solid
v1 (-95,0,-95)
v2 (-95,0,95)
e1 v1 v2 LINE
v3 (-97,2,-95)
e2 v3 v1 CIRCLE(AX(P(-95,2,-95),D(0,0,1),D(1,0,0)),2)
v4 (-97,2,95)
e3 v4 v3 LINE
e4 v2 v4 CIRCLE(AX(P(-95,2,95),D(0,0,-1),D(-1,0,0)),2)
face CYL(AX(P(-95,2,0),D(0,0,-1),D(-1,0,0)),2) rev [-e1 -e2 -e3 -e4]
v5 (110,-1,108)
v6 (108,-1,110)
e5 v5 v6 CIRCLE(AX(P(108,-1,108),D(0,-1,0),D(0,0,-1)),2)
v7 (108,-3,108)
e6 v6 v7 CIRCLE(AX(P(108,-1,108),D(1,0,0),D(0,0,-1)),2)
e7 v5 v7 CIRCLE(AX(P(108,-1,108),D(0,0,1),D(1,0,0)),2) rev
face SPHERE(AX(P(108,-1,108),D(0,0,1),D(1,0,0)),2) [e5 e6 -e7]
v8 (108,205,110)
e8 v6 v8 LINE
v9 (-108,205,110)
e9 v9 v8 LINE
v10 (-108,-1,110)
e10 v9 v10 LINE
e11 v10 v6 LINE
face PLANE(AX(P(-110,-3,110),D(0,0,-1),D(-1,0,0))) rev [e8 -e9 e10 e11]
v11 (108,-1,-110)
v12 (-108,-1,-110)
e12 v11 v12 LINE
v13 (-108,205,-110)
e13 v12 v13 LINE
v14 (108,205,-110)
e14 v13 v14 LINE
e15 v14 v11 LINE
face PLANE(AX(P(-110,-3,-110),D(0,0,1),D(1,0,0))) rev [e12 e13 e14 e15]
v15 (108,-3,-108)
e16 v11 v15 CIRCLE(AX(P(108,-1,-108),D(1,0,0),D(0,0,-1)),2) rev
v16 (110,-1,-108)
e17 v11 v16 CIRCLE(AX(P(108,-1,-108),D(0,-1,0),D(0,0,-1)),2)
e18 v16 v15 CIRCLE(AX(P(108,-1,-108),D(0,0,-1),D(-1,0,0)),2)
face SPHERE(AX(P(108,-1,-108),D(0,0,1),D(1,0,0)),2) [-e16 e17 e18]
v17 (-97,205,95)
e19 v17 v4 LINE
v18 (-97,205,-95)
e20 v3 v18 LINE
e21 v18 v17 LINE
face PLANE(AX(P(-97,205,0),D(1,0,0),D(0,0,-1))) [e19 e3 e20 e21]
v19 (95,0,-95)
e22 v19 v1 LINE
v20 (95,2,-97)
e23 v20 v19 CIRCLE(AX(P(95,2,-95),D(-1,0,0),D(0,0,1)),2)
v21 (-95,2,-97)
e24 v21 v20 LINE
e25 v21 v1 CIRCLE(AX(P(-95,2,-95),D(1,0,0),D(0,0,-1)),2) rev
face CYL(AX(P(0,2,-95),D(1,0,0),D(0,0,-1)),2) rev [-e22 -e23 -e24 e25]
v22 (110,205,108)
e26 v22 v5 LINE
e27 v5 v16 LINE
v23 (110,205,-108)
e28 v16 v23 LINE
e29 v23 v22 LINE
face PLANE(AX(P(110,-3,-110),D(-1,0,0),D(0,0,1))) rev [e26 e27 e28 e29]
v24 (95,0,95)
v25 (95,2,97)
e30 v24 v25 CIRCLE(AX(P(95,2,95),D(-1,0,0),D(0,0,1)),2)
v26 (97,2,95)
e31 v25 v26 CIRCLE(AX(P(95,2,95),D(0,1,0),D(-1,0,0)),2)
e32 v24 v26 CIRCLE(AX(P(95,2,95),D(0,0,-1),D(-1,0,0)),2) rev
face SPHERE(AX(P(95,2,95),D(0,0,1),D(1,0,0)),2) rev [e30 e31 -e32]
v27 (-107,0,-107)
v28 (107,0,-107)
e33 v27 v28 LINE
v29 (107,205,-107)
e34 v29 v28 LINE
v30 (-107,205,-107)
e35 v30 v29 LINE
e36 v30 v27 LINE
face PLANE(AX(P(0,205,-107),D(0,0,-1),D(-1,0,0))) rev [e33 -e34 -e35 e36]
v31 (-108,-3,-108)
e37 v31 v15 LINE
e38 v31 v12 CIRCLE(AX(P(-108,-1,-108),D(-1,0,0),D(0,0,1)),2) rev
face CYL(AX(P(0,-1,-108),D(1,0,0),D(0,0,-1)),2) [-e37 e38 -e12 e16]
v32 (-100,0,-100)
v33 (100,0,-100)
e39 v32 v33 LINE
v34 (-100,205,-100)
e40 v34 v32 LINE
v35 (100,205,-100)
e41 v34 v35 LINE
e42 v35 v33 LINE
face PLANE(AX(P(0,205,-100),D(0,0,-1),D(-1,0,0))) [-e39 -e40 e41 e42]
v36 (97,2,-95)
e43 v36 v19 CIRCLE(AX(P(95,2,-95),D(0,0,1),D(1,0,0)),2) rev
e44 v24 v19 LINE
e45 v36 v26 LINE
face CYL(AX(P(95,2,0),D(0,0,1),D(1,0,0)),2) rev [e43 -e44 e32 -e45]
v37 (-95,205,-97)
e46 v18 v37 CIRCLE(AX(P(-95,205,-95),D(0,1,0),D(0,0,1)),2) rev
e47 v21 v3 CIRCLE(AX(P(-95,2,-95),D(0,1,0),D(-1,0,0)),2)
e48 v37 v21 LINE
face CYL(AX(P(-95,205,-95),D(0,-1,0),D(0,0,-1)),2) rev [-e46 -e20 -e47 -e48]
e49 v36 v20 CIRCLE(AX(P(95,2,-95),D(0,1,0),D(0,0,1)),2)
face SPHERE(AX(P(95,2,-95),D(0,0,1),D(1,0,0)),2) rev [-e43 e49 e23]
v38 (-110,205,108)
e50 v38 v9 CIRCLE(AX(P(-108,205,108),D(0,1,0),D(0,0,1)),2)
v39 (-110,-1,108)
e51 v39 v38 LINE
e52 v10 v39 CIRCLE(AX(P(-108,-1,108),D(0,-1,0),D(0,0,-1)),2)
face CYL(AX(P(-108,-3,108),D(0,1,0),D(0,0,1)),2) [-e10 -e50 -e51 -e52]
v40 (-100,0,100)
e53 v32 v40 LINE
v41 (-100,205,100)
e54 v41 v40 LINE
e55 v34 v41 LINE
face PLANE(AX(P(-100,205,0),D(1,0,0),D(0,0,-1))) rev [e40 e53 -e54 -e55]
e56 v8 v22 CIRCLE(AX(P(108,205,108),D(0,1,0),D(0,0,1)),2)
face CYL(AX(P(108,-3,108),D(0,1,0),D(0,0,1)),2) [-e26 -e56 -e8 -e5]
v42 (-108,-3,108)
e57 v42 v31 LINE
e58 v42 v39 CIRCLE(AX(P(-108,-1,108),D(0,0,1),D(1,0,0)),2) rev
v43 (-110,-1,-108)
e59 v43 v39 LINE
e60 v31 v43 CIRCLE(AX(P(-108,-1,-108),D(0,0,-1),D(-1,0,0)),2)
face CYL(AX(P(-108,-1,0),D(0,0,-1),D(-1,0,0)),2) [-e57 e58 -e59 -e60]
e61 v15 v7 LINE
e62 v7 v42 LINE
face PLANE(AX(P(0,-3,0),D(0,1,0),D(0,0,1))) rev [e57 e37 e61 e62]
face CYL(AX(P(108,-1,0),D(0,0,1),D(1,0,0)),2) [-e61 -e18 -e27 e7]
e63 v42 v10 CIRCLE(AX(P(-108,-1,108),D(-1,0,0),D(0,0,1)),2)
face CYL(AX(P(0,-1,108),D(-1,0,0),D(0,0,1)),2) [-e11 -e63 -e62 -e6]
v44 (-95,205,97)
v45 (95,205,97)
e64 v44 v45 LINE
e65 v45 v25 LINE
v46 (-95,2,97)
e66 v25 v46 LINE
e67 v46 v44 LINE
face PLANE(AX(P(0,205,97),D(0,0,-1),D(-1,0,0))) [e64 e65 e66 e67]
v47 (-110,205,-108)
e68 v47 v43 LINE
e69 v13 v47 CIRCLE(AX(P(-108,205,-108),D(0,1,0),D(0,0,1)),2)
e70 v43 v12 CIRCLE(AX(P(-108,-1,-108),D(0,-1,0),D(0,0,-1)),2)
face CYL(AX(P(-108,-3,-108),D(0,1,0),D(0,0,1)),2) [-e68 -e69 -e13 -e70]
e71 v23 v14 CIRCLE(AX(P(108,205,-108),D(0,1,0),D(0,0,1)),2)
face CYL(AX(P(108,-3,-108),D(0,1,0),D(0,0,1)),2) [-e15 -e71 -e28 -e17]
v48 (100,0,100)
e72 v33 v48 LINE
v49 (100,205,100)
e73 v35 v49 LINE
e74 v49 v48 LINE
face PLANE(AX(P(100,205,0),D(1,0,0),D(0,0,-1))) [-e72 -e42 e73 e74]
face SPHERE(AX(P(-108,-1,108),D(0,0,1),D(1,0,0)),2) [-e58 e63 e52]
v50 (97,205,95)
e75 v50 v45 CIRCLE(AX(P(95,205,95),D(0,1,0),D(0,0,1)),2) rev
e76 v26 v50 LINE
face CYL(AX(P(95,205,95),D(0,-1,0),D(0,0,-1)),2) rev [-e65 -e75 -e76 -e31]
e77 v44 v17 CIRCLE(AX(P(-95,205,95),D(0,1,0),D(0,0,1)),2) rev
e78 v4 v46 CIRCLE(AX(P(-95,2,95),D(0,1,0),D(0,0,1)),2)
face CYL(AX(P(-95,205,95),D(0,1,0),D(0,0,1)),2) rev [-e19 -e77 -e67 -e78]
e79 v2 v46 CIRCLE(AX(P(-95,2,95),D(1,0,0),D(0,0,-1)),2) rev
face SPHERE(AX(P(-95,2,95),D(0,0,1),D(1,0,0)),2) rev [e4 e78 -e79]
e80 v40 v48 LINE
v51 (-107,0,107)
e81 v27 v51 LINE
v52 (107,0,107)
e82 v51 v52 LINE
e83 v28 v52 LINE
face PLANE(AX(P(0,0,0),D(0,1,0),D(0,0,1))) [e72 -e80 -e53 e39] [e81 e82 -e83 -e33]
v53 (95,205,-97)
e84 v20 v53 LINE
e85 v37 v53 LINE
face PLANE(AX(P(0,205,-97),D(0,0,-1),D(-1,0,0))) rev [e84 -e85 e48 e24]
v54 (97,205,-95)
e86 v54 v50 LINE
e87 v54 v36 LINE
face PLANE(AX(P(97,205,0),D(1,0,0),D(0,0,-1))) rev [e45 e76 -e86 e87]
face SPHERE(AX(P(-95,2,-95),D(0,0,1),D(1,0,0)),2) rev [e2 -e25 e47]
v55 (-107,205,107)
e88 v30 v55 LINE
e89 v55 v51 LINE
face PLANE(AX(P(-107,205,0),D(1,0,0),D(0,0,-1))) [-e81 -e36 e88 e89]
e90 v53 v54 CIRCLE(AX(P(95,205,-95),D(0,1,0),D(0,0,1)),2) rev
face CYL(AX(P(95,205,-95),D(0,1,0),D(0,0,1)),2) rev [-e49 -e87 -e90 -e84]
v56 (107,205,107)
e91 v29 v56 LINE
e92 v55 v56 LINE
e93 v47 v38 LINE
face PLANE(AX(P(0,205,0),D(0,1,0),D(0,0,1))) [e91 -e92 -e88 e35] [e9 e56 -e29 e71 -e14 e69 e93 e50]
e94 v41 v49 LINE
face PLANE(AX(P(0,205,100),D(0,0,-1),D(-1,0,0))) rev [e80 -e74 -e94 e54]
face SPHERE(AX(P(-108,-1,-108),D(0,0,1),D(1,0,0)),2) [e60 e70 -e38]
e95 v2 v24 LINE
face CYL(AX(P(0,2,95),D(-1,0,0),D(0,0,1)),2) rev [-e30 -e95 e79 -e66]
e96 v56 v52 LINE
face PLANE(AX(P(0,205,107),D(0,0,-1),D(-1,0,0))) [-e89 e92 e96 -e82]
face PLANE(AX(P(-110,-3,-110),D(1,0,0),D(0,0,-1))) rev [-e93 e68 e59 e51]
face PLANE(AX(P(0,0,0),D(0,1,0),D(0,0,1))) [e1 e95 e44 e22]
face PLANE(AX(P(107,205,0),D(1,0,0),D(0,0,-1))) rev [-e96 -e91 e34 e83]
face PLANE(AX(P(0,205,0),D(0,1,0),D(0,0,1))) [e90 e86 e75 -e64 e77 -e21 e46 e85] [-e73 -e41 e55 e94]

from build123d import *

# Parameters (mm, degrees)
SKETCH1_W             = 200
SKETCH1_H             = 200
SKETCH1_W_2           = 194
SKETCH1_H_2           = 194
BOSS_EXTRUDE1_DEPTH   = 205
SKETCH1_W_3           = 220
SKETCH1_H_3           = 220
SKETCH1_W_4           = 214
SKETCH1_H_4           = 214
BOSS_EXTRUDE1_2_DEPTH = 205
SKETCH3_W             = 220
SKETCH3_H             = 220
BOSS_EXTRUDE3_DEPTH   = 3
FILLET1_R             = 2


with BuildPart() as part:
    # Sketch1 → Boss-Extrude1 (new body)
    with BuildSketch(Plane(origin=(0, 0, 0), x_dir=(1, 0, 0), z_dir=(0, 1, 0))):
        Rectangle(SKETCH1_W, SKETCH1_H)
        Rectangle(SKETCH1_W_2, SKETCH1_H_2, mode=Mode.SUBTRACT)
    extrude(amount=BOSS_EXTRUDE1_DEPTH)



with BuildPart() as body_2:
    # Sketch1 → Boss-Extrude1 2 (new body)
    with BuildSketch(Plane(origin=(0, 0, 0), x_dir=(1, 0, 0), z_dir=(0, 1, 0))):
        Rectangle(SKETCH1_W_3, SKETCH1_H_3)
        Rectangle(SKETCH1_W_4, SKETCH1_H_4, mode=Mode.SUBTRACT)
    extrude(amount=BOSS_EXTRUDE1_2_DEPTH)


with BuildPart() as part_1:
    add(part.part)

    add(body_2.part)  # Boss-Extrude3 merges body 2
    # Sketch3 → Boss-Extrude3 (add)
    with BuildSketch(Plane.XZ):
        Rectangle(SKETCH3_W, SKETCH3_H)
    extrude(amount=BOSS_EXTRUDE3_DEPTH)

    # Fillet1
    fillet1_edges = [part_1.edges().sort_by_distance(p)[0] for p in [
        (-97, 0, 0),
        (0, 0, 97),
        (97, 0, 0),
        (0, 0, -97),
        (-97, 102.5, -97),
        (-97, 102.5, 97),
        (97, 102.5, 97),
        (97, 102.5, -97),
        (110, 101, -110),
        (110, 101, 110),
        (-110, 101, 110),
        (-110, 101, -110),
        (110, -3, 0),
        (0, -3, 110),
        (-110, -3, 0),
        (0, -3, -110),
    ]]
    fillet(fillet1_edges, radius=FILLET1_R)


solid = part_1.part
